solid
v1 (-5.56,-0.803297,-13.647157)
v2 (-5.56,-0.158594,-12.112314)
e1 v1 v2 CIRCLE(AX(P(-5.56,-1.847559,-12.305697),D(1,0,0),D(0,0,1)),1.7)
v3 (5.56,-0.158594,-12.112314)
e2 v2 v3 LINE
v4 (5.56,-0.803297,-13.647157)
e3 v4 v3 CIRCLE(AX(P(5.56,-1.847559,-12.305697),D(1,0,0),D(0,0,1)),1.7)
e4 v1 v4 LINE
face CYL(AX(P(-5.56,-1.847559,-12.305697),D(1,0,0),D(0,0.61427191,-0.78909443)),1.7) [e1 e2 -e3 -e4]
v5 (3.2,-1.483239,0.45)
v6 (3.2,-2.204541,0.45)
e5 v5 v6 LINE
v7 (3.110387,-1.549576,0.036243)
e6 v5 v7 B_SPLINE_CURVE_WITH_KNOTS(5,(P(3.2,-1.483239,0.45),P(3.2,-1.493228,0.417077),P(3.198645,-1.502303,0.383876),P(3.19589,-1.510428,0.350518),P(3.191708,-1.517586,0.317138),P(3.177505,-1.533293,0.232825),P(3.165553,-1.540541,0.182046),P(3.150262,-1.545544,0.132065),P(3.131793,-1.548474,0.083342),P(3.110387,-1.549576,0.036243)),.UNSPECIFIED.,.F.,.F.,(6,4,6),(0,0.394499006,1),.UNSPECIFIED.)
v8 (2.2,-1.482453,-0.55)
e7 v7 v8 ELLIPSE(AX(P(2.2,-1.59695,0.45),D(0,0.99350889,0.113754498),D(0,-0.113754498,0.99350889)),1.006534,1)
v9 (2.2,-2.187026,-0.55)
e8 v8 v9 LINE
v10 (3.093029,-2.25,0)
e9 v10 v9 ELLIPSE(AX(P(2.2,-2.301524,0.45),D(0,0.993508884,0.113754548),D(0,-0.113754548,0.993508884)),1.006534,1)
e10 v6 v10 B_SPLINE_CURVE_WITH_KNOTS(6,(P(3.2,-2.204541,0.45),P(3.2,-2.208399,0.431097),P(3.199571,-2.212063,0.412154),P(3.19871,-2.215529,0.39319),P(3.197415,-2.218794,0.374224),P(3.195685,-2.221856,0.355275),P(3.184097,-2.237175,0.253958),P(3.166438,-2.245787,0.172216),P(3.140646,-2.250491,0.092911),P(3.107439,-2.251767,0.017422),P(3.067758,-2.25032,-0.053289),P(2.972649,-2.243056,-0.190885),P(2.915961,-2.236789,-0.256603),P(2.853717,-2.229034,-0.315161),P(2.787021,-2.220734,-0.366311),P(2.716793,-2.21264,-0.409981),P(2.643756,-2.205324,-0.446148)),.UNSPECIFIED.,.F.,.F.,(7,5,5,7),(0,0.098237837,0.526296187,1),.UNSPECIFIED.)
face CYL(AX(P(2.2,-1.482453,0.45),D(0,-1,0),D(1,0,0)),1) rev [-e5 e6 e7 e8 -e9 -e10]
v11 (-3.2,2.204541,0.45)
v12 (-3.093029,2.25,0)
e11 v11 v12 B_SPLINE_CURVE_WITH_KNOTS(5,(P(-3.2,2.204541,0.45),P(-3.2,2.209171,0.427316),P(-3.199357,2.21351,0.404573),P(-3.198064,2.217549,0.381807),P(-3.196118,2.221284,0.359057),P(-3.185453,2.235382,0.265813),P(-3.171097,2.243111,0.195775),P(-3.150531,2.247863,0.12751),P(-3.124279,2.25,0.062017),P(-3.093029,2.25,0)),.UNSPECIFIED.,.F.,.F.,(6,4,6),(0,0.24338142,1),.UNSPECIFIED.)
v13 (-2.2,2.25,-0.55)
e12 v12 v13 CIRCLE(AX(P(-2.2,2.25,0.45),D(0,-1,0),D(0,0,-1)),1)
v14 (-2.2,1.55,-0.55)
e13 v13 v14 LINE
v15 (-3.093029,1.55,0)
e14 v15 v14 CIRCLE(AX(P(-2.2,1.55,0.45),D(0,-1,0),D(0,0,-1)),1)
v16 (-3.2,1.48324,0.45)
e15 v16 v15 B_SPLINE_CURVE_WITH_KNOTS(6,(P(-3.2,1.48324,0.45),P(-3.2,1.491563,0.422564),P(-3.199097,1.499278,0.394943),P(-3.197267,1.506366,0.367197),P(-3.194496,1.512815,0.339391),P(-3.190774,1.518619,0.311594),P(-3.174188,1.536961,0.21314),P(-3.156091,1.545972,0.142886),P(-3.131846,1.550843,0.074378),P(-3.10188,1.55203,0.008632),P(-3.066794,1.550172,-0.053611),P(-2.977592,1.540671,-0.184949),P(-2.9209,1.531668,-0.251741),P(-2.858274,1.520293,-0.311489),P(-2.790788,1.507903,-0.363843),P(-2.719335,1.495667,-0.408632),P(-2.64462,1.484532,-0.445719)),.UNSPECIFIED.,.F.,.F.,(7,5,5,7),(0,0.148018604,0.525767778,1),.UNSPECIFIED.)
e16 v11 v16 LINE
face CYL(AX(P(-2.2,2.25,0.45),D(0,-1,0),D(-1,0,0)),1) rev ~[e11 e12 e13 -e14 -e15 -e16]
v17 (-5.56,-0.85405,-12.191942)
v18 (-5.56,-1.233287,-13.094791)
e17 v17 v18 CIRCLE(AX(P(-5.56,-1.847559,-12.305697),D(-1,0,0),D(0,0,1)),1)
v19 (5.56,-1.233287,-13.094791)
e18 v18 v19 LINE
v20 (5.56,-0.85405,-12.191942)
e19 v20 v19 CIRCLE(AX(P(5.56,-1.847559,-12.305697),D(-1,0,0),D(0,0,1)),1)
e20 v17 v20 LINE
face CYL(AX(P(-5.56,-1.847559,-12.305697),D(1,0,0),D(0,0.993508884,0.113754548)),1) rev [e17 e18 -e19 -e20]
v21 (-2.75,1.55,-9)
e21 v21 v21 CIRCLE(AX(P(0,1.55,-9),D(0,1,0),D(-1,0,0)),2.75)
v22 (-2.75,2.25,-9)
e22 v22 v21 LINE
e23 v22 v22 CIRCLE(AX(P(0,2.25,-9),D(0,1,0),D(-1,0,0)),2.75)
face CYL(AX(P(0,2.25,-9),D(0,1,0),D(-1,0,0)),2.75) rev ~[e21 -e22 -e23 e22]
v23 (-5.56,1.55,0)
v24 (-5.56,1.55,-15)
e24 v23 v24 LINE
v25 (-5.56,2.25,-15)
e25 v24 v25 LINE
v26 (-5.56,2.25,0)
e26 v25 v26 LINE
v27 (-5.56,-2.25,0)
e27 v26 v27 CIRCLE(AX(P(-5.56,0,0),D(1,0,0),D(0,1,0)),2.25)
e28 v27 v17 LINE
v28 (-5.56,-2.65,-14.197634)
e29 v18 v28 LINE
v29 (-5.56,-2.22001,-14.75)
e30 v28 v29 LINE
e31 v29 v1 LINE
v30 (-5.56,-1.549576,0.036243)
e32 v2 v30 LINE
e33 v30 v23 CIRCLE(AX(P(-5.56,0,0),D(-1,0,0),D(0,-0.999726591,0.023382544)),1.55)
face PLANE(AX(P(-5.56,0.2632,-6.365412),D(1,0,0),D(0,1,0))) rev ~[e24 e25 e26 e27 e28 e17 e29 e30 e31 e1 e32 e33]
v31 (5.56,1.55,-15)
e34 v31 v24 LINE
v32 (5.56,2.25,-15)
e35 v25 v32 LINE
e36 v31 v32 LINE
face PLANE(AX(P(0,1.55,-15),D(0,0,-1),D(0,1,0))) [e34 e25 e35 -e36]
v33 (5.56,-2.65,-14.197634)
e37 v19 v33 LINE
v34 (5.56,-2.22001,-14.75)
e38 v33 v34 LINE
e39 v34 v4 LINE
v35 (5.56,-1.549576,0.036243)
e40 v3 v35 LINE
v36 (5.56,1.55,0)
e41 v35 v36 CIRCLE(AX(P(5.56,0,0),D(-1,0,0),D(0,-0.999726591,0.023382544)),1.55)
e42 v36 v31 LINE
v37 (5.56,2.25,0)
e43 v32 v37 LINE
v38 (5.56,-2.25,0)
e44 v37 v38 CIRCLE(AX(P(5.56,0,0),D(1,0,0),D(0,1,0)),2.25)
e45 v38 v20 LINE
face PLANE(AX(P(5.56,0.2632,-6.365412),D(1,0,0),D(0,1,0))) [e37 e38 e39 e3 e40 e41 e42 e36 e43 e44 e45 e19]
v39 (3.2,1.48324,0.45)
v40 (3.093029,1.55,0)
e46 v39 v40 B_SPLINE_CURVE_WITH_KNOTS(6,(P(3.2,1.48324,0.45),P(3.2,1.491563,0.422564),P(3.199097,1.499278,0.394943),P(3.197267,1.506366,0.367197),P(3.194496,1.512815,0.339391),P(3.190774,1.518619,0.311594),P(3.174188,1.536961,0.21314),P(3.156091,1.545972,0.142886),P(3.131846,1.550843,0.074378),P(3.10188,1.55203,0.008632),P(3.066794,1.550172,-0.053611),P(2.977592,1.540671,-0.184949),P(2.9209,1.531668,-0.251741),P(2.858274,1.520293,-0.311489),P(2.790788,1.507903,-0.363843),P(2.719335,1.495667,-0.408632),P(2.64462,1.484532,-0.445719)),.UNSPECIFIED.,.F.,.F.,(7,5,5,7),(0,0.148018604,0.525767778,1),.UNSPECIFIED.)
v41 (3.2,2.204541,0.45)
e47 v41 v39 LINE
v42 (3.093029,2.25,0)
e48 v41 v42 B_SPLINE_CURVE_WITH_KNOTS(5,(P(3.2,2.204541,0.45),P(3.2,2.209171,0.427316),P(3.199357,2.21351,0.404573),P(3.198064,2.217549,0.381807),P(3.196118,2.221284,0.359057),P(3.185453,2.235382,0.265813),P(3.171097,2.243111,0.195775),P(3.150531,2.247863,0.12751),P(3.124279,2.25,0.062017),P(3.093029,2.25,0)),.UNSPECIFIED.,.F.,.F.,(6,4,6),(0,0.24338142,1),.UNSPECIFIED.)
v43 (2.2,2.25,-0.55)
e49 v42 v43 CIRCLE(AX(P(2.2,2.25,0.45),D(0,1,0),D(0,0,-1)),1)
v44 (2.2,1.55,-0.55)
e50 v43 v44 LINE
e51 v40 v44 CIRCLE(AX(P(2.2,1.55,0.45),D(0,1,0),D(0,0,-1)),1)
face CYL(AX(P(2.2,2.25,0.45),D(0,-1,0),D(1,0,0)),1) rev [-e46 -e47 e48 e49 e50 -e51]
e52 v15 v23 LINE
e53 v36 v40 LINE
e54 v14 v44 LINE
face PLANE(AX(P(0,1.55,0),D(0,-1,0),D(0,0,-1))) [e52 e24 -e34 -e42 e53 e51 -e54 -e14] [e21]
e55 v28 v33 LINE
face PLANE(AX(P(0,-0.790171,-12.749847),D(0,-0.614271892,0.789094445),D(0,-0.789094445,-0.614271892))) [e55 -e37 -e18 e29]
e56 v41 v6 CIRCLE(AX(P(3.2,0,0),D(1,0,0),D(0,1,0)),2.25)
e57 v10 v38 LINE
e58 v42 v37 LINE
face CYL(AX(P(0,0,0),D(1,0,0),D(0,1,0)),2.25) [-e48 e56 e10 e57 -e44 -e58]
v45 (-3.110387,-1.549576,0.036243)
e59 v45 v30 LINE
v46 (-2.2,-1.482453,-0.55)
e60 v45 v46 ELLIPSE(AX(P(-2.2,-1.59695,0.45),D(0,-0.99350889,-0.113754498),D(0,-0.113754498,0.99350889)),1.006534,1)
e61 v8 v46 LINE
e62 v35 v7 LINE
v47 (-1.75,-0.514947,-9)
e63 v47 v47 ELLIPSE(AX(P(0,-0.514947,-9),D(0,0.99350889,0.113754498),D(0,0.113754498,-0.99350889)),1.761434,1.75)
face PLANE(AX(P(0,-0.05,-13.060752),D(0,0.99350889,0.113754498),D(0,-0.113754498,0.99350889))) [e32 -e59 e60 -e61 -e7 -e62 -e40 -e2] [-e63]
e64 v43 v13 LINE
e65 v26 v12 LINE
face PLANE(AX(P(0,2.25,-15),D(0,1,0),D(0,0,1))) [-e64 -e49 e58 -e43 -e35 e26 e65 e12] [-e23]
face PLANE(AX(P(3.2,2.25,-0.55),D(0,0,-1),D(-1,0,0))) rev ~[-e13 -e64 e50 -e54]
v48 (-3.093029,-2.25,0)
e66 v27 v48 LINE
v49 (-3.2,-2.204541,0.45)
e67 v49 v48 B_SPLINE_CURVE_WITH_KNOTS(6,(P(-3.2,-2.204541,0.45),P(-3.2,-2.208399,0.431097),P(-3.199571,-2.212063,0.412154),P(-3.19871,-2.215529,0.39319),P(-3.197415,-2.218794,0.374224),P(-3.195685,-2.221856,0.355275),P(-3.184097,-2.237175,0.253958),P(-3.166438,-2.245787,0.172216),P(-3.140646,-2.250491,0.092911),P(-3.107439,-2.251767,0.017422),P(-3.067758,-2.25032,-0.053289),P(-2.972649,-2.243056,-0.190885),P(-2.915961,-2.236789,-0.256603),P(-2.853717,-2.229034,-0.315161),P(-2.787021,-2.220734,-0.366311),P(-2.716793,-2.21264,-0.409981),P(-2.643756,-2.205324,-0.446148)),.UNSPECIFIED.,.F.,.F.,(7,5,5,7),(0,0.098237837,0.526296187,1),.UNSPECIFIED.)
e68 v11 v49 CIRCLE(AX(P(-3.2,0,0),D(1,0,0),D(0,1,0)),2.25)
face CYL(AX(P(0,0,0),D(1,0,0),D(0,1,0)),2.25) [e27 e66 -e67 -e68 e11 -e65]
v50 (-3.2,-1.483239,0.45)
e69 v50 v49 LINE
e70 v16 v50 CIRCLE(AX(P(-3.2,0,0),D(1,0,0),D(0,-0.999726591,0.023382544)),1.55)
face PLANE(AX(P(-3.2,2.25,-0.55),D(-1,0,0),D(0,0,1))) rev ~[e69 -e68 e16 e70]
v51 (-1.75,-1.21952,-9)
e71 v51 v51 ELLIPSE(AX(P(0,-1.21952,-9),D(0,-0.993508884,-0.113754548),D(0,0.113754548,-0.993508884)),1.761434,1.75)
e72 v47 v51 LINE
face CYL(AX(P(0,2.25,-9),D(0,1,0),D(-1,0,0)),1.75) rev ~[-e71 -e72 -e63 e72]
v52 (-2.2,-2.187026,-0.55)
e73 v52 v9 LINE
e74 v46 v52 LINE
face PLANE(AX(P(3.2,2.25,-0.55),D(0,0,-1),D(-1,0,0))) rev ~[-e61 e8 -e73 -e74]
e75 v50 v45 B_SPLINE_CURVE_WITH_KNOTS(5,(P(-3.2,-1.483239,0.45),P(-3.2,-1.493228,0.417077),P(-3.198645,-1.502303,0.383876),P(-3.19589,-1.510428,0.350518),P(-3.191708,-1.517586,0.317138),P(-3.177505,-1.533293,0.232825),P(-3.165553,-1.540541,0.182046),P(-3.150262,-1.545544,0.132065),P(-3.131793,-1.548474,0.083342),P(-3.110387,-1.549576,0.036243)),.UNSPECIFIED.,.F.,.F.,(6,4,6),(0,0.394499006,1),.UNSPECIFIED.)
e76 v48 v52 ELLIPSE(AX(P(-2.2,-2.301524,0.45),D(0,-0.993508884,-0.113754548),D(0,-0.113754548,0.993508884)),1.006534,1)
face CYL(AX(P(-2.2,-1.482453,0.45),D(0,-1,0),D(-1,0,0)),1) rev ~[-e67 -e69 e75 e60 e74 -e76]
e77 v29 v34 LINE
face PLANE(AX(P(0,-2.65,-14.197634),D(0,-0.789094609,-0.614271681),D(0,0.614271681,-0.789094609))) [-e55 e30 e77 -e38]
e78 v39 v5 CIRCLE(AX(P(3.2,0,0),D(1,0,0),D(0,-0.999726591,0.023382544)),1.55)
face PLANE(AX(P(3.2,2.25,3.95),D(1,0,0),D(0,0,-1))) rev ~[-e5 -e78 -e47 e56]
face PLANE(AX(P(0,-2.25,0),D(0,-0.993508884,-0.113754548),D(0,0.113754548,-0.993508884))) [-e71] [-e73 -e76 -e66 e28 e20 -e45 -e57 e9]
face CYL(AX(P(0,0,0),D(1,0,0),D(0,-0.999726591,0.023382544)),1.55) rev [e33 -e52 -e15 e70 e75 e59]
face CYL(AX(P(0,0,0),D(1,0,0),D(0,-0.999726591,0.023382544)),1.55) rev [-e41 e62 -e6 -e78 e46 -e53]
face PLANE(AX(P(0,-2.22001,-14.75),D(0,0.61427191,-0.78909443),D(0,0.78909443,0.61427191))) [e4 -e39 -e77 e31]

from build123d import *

# Parameters (mm, degrees)
F1_DEPTH = 5.56
F2_W     = 6.4
F2_H     = 3.95
F2_H_2   = 0.55
F2_R     = 1.75
F3_DEPTH = 4.901
F2_R_2   = 2.75
F4_DEPTH = 0.7
F5_R     = 1
F6_R     = 1.7


with BuildPart() as f1:
    # F0 (on Right) → F1 (new body, symmetric)
    with BuildSketch(Plane.YZ):
        with BuildLine():
            Line((1.55, -15), (2.25, -15))
            Line((2.25, -15), (2.25, 0))
            ThreePointArc((2.25, 0), (0, 2.25), (-2.25, 0))
            Line((-2.25, 0), (-0.790171, -12.749847))
            Line((-0.790171, -12.749847), (-2.65, -14.197634))
            Line((-2.65, -14.197634), (-2.22001, -14.75))
            Line((-2.22001, -14.75), (-0.05, -13.060752))
            Line((-0.05, -13.060752), (-1.549576, 0.036243))
            ThreePointArc((-1.549576, 0.036243), (0.018123, 1.549894), (1.55, 0))
            Line((1.55, 0), (1.55, -15))
        make_face()
    extrude(amount=F1_DEPTH, both=True)

    # F2 (on face) → F3 (cut, through all)
    with BuildSketch(Plane(origin=(0, 2.25, 0), x_dir=(-1, 0, 0), z_dir=(0, 1, 0))):
        with Locations((0, 1.975)):
            Rectangle(F2_W, F2_H)
        with Locations((0, -0.275)):
            Rectangle(F2_W, F2_H_2)
        with Locations((0, -9)):
            Circle(F2_R)
    extrude(amount=-F3_DEPTH, mode=Mode.SUBTRACT)

    # F2 (on face) → F4 (cut, through all)
    with BuildSketch(Plane(origin=(0, 2.25, 0), x_dir=(-1, 0, 0), z_dir=(0, 1, 0))):
        with Locations((0, -9)):
            Circle(F2_R_2)
        with Locations((0, -9)):
            Circle(F2_R, mode=Mode.SUBTRACT)
    extrude(amount=-F4_DEPTH, mode=Mode.SUBTRACT)

    # F5
    f5_edges = [f1.edges().sort_by_distance(p)[0] for p in [
        (-3.2, -1.83474, -0.55),
        (-3.2, 1.9, -0.55),
        (3.2, 1.9, -0.55),
        (3.2, -1.83474, -0.55),
        (0, -0.790171, -12.749847),
    ]]
    fillet(f5_edges, radius=F5_R)

    # F6
    f6_edges = [f1.edges().sort_by_distance(p)[0] for p in [
        (0, -0.05, -13.060752),
    ]]
    fillet(f6_edges, radius=F6_R)


solid = f1.part
